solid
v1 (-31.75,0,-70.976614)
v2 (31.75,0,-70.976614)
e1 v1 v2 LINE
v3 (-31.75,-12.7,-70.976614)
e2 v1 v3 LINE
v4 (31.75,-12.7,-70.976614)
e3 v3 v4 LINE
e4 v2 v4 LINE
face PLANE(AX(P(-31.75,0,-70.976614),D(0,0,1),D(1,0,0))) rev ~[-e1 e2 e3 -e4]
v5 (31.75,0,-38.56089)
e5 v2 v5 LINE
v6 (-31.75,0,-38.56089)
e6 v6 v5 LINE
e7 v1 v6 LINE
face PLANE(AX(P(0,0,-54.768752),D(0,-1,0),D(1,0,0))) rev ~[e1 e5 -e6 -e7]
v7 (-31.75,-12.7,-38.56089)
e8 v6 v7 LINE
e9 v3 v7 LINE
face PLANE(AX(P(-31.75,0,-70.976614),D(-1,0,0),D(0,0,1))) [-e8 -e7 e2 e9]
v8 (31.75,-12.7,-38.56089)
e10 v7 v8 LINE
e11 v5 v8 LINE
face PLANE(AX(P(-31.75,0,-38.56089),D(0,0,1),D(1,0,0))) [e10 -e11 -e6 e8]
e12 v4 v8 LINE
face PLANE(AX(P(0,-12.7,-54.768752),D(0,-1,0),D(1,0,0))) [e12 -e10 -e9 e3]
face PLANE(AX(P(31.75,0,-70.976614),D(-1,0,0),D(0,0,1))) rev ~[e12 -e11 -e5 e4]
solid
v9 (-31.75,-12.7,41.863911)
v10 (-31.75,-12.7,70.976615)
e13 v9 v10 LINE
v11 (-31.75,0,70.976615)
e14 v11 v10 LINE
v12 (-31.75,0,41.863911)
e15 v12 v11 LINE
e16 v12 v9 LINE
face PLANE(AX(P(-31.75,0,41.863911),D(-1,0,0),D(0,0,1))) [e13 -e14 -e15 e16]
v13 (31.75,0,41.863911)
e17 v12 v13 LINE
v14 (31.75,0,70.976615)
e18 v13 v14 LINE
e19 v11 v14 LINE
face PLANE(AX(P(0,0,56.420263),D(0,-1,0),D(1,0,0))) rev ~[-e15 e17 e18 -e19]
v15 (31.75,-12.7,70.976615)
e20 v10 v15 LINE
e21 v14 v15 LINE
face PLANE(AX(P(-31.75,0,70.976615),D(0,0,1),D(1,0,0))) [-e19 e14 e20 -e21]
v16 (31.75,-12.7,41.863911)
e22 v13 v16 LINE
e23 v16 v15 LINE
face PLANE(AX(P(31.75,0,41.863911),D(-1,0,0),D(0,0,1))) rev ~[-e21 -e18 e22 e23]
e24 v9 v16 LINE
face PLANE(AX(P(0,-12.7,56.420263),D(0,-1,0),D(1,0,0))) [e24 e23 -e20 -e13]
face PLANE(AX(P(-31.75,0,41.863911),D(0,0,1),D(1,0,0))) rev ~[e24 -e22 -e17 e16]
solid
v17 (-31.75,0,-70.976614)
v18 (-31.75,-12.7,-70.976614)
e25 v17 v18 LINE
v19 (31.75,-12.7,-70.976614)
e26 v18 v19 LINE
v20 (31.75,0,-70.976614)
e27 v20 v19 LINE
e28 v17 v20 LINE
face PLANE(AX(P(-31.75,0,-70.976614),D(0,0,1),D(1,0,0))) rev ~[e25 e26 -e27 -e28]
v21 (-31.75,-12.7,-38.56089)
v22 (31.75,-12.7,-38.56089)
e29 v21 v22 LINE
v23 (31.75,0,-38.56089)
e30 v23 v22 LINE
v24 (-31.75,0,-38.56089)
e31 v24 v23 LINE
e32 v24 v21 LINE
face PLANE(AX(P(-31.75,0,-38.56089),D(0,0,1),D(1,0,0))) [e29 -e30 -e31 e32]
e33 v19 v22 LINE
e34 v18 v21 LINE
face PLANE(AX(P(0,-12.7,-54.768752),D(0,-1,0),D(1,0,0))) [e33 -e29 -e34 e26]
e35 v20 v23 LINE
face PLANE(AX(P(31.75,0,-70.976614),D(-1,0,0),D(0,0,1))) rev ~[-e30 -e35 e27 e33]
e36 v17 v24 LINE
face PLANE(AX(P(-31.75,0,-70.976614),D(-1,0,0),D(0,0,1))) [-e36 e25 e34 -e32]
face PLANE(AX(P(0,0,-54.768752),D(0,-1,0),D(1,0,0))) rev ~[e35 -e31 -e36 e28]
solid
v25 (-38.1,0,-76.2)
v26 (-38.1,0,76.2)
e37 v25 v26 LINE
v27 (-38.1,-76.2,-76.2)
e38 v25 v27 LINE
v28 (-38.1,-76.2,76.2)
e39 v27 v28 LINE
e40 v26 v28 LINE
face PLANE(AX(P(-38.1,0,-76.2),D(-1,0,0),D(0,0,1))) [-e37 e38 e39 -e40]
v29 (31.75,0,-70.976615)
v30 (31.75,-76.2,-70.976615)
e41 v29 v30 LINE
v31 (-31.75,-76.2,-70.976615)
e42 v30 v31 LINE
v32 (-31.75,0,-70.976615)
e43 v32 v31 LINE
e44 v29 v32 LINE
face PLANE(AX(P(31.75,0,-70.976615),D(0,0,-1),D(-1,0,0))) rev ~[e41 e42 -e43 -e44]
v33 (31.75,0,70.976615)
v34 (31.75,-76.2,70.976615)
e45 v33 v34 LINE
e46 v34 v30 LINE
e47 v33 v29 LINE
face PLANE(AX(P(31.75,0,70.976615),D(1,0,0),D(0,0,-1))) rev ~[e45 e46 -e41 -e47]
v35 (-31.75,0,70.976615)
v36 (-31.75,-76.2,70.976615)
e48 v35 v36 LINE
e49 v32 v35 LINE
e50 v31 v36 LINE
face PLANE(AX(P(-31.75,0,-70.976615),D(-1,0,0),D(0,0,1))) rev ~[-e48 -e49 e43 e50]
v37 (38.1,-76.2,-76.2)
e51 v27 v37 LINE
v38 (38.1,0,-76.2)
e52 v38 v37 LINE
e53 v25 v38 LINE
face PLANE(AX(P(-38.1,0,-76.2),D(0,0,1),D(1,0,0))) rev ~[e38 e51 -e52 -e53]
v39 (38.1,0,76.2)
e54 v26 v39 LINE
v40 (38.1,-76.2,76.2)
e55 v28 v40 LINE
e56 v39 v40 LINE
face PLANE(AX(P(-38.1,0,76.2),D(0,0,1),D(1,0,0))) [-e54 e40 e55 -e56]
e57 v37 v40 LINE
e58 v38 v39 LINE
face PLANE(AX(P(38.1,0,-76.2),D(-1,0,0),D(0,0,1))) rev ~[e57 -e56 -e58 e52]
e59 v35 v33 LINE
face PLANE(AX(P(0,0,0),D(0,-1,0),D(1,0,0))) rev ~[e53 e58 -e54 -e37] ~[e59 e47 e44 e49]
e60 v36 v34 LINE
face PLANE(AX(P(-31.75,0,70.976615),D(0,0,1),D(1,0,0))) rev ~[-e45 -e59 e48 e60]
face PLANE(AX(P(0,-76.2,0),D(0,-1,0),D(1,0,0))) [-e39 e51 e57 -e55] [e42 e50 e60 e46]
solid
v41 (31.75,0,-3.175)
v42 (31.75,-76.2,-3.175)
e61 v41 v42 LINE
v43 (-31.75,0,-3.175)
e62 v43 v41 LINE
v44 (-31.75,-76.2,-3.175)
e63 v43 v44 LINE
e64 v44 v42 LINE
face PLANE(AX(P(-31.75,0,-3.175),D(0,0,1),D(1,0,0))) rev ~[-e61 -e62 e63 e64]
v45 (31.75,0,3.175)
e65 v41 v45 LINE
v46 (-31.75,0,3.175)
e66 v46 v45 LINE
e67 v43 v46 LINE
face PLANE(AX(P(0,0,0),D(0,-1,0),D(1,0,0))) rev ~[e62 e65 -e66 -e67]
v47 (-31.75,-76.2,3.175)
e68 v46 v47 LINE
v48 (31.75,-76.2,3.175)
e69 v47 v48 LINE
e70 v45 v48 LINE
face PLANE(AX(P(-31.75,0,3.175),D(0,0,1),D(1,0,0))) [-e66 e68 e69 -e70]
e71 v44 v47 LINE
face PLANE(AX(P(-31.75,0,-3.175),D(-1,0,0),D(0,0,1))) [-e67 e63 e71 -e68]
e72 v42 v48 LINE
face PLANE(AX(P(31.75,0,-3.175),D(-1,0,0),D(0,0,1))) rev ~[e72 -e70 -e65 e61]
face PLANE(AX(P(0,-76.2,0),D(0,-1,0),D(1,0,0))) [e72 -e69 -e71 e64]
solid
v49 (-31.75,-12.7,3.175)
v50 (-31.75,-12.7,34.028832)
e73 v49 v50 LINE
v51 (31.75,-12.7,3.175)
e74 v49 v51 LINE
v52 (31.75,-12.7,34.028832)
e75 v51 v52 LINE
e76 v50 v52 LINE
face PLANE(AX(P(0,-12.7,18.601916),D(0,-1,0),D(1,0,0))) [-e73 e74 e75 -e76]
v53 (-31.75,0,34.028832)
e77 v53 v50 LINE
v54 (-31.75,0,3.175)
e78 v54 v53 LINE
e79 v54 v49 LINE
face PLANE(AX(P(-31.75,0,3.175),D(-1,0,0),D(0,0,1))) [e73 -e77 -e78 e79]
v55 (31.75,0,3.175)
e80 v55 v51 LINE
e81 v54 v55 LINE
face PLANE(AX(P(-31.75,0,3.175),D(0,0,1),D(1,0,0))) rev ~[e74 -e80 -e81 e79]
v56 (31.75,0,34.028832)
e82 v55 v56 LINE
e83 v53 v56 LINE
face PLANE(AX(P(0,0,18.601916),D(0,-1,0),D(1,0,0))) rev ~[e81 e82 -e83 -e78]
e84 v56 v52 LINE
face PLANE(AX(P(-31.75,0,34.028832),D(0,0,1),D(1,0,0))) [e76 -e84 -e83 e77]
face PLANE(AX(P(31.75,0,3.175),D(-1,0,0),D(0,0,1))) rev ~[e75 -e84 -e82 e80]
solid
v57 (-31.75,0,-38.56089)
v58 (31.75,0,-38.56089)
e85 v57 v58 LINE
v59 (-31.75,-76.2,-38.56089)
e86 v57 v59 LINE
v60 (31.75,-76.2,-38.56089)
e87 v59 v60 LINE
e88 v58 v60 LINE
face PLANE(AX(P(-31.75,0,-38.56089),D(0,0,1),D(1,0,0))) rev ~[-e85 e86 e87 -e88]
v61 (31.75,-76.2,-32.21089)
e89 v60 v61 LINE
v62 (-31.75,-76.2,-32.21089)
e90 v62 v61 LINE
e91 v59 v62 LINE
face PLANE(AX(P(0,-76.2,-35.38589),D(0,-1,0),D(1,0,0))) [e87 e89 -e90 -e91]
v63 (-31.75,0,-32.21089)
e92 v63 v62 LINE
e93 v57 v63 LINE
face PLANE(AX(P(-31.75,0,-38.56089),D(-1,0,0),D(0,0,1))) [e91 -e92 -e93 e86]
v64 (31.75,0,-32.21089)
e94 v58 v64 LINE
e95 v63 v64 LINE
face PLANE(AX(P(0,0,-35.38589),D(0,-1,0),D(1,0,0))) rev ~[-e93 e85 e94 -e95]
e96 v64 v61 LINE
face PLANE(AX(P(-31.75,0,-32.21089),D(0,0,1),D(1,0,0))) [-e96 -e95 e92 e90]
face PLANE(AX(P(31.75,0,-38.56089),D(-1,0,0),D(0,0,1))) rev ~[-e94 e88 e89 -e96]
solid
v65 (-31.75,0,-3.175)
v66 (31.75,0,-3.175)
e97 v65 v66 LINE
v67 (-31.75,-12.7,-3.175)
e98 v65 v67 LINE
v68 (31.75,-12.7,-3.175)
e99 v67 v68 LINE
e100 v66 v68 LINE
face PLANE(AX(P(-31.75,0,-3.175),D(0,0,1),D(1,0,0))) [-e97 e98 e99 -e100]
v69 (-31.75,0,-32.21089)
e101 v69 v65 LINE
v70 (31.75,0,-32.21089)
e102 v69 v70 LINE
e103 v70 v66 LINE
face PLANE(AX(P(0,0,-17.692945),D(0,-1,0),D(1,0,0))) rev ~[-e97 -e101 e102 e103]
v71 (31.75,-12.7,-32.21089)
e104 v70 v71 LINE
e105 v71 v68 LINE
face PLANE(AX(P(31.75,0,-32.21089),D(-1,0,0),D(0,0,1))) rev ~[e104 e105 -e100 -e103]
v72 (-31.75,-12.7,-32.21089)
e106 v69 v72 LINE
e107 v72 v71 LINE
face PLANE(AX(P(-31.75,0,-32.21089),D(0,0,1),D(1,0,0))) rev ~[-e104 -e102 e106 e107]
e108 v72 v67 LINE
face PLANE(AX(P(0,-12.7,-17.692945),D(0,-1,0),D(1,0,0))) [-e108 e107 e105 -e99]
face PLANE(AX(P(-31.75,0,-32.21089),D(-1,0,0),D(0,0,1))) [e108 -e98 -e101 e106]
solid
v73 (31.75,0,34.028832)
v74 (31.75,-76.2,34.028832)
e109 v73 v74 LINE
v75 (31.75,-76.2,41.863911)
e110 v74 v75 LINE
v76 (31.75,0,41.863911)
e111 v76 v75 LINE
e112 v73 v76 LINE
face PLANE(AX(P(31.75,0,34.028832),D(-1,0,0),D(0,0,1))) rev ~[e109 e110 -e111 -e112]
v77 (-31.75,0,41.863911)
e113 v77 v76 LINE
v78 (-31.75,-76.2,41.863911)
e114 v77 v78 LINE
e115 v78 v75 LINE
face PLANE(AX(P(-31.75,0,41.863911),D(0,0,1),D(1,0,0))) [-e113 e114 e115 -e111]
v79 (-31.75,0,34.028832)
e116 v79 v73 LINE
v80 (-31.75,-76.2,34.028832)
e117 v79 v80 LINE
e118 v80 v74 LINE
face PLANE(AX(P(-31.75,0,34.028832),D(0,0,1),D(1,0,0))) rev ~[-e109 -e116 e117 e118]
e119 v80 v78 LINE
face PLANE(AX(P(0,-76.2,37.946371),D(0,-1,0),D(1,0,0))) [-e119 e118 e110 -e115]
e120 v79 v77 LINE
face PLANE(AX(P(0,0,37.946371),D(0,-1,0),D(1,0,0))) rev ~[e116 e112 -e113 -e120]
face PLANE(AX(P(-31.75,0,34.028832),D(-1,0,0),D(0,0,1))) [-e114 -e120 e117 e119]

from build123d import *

# Parameters (mm, degrees)
F0_W     = 76.2
F0_H     = 152.4
F1_DEPTH = 76.2
F0_W_2   = 63.5
F0_H_2   = 29.112704
F2_DEPTH = 12.7
F0_H_3   = 6.35
F3_DEPTH = 76.2
F0_H_4   = 32.415725
F4_DEPTH = 12.7
F0_H_5   = 7.835079
F5_DEPTH = 76.2
F0_H_6   = 30.853832
F6_DEPTH = 12.7
F0_H_7   = 29.03589
F7_DEPTH = 12.7


with BuildPart() as f1:
    # F0 (on Front) → F1 (new body)
    with BuildSketch(Plane.XZ):
        Rectangle(F0_W, F0_H)
        Polygon((-31.75, 70.976615), (31.75, 70.976615), (31.75, 41.863911), (31.75, 34.028832), (31.75, 3.175), (31.75, -3.175), (31.75, -32.21089), (31.75, -38.56089), (31.75, -70.976615), (-31.75, -70.976615), (-31.75, -38.56089), (-31.75, -32.21089), (-31.75, -3.175), (-31.75, 3.175), (-31.75, 34.028832), (-31.75, 41.863911), align=None, mode=Mode.SUBTRACT)
    extrude(amount=F1_DEPTH)


with BuildPart() as f2:
    # F0 (on Front) → F2 (new body)
    with BuildSketch(Plane.XZ):
        with Locations((0, 56.420263)):
            Rectangle(F0_W_2, F0_H_2)
    extrude(amount=F2_DEPTH)


with BuildPart() as f3:
    # F0 (on Front) → F3 (new body)
    with BuildSketch(Plane.XZ):
        Rectangle(F0_W_2, F0_H_3)
    extrude(amount=F3_DEPTH)


with BuildPart() as f4:
    # F0 (on Front) → F4 (new body)
    with BuildSketch(Plane.XZ):
        with Locations((0, -54.768752)):
            Rectangle(F0_W_2, F0_H_4)
    extrude(amount=F4_DEPTH)


with BuildPart() as f5:
    # F0 (on Front) → F5 (new body)
    with BuildSketch(Plane.XZ):
        with Locations((0, -35.38589)):
            Rectangle(F0_W_2, F0_H_3)
        with Locations((0, 37.946371)):
            Rectangle(F0_W_2, F0_H_5)
    extrude(amount=F5_DEPTH)


with BuildPart() as f6:
    # F0 (on Front) → F6 (new body)
    with BuildSketch(Plane.XZ):
        with Locations((0, 18.601916)):
            Rectangle(F0_W_2, F0_H_6)
        with Locations((0, -54.768752)):
            Rectangle(F0_W_2, F0_H_4)
    extrude(amount=F6_DEPTH)


with BuildPart() as f7:
    # F0 (on Front) → F7 (new body)
    with BuildSketch(Plane.XZ):
        with Locations((0, -17.692945)):
            Rectangle(F0_W_2, F0_H_7)
    extrude(amount=F7_DEPTH)


solid = Compound([f1.part, f2.part, f3.part, f4.part, f5.part, f6.part, f7.part])
